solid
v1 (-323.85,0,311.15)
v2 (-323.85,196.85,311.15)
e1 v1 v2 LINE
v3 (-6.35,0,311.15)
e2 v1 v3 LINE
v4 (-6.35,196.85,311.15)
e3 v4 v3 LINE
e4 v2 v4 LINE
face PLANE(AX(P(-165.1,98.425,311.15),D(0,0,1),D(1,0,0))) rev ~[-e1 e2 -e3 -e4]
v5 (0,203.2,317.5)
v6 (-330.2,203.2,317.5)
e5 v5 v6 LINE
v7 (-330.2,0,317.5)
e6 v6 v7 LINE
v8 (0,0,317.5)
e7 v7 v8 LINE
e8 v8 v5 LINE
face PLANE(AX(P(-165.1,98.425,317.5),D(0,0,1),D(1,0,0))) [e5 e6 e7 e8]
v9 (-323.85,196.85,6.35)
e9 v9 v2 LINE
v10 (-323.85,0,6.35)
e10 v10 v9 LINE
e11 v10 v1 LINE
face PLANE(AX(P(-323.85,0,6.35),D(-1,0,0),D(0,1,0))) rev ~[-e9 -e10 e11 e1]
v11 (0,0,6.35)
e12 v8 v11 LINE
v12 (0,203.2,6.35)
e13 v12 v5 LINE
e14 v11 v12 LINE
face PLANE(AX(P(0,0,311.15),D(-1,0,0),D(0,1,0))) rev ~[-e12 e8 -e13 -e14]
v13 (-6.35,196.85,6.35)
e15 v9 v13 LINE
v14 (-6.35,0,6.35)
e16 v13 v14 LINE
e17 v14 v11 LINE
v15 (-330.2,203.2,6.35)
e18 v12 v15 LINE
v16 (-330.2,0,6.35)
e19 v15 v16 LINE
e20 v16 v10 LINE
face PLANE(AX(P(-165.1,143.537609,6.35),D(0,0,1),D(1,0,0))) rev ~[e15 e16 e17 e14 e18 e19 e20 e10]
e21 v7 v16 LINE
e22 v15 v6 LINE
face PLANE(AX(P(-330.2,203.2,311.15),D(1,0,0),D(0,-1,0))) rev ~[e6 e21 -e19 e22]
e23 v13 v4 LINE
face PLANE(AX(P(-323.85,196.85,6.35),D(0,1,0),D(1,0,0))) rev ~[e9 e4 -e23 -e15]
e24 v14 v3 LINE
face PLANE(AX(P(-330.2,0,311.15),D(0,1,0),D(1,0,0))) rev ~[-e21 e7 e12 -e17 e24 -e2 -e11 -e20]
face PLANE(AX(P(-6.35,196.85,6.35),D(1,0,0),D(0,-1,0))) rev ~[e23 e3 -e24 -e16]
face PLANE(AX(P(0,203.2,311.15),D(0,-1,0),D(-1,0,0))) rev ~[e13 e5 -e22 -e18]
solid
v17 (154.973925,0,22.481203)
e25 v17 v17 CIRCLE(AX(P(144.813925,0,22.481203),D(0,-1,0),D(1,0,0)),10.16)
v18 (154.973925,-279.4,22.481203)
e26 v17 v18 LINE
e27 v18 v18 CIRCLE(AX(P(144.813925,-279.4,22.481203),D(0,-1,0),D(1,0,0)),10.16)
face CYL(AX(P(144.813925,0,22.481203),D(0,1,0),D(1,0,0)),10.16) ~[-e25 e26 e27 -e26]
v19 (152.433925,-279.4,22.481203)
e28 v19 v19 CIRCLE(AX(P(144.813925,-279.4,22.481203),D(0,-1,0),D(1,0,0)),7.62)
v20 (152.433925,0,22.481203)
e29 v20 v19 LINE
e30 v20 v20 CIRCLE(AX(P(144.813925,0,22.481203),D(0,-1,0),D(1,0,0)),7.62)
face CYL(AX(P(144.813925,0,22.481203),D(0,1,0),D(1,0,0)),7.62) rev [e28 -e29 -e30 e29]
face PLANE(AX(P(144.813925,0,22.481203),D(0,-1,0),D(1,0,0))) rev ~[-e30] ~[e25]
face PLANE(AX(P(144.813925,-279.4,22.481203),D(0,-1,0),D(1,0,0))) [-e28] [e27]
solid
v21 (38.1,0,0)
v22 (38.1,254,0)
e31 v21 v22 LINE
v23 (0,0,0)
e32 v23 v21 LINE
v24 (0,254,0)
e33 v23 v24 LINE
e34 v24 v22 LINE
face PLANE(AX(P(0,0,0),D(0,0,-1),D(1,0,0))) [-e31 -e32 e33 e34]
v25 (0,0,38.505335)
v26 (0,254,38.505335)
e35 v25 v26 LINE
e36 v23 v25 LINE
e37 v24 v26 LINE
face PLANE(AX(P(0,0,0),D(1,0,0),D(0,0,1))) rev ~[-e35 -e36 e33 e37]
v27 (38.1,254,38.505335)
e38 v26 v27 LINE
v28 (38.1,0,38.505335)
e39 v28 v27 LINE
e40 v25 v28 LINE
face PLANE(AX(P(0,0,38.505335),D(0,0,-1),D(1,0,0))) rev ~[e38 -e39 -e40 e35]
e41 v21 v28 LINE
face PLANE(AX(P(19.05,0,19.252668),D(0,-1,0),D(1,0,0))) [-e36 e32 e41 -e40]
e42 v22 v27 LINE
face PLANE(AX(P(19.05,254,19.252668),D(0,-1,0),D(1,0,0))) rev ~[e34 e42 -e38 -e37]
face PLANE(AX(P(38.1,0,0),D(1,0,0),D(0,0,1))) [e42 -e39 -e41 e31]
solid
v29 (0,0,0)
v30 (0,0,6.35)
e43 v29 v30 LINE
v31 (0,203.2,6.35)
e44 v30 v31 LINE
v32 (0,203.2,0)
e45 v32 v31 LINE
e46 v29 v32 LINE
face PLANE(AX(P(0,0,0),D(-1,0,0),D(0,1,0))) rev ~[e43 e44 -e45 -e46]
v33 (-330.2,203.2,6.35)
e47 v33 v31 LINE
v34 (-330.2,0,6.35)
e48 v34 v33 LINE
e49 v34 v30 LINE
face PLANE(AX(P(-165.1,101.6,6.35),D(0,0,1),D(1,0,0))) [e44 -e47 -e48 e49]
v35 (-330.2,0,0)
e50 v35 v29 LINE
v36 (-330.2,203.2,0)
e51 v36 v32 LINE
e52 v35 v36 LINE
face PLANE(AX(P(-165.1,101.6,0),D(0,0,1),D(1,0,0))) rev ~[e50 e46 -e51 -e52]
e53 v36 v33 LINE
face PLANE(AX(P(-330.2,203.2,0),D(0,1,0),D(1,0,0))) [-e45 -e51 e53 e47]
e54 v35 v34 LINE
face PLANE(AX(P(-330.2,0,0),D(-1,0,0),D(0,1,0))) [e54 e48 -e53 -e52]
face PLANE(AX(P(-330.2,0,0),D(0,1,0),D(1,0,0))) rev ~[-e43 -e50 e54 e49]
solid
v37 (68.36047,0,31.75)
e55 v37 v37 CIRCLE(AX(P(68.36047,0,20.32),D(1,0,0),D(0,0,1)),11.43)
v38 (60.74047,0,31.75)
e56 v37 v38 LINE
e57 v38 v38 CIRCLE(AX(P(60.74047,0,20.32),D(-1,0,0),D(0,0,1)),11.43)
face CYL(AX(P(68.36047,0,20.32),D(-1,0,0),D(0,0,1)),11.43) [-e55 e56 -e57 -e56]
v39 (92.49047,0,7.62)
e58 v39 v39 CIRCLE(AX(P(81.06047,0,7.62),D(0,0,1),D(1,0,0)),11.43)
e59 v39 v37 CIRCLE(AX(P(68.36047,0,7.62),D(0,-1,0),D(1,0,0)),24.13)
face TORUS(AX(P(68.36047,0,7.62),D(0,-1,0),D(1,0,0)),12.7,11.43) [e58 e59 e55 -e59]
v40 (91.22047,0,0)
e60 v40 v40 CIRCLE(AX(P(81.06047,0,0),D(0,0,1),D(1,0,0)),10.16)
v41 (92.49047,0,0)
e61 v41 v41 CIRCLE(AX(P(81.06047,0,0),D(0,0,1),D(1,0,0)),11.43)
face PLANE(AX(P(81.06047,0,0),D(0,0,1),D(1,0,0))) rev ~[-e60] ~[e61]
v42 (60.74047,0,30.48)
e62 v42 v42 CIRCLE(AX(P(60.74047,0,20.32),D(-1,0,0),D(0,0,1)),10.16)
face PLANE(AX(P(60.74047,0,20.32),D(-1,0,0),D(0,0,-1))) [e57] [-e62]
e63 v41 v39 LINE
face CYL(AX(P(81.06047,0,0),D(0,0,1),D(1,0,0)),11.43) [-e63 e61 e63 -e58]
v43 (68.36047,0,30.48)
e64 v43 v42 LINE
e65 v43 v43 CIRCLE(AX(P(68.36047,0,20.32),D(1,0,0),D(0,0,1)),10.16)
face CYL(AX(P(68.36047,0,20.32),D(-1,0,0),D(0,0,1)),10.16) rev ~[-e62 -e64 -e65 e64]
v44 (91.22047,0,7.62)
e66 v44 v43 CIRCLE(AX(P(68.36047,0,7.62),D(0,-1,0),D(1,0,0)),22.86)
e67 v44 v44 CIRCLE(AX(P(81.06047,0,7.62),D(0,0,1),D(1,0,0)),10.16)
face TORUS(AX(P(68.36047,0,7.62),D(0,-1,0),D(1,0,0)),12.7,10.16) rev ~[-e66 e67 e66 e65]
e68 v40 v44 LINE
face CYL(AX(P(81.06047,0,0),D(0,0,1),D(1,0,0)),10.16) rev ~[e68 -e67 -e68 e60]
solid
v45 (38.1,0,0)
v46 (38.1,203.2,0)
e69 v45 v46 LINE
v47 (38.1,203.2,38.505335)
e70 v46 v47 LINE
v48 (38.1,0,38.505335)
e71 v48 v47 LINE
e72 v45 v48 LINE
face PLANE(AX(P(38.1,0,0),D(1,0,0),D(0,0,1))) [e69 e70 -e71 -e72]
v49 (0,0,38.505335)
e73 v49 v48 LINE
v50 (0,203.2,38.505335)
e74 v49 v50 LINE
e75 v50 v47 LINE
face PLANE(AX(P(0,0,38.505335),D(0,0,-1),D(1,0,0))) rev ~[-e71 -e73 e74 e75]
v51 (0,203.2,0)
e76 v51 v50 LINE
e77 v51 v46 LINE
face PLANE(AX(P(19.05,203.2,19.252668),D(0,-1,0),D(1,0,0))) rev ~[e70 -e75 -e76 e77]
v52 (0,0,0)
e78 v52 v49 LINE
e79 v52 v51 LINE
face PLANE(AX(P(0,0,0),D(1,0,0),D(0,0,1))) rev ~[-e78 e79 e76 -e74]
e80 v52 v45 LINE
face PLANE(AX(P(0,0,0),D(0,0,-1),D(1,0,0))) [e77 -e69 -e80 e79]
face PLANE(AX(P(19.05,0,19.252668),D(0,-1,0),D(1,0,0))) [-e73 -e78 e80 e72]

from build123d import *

# Parameters (mm, degrees)
F0_W      = 38.1
F0_H      = 38.5053354341
F1_DEPTH  = 254
F2_DEPTH  = 203.2
F3_W      = 330.2
F3_H      = 203.2
F4_DEPTH  = 6.35
F5_R      = 10.16
F5_R_2    = 7.62
F6_DEPTH  = 279.4
F8_R      = 11.43
F8_R_2    = 10.16
F11_DEPTH = 304.8
F12_W     = 317.5
F12_H     = 196.85
F13_DEPTH = 6.35


with BuildPart() as f1:
    # F0 (on Front) → F1 (new body)
    with BuildSketch(Plane.XZ):
        with Locations((19.05, 19.2526677171)):
            Rectangle(F0_W, F0_H)
    extrude(amount=-F1_DEPTH)


with BuildPart() as f2:
    # F0 (on Front) → F2 (new body)
    with BuildSketch(Plane.XZ):
        with Locations((19.05, 19.2526677171)):
            Rectangle(F0_W, F0_H)
    extrude(amount=-F2_DEPTH)


with BuildPart() as f4:
    # F3 (on Top) → F4 (new body)
    with BuildSketch(Plane.XY):
        with Locations((-165.1, 101.6)):
            Rectangle(F3_W, F3_H)
    extrude(amount=F4_DEPTH)


with BuildPart() as f6:
    # F5 (on Front) → F6 (new body)
    with BuildSketch(Plane.XZ):
        with Locations((144.8139250278, 22.4812030792)):
            Circle(F5_R)
        with Locations((144.8139250278, 22.4812030792)):
            Circle(F5_R_2, mode=Mode.SUBTRACT)
    extrude(amount=F6_DEPTH)


with BuildPart() as f9:
    # F9: sweep along a path in F7
    with BuildLine(Plane.XZ) as f9_path:
        Line((81.0604697181, 0), (81.0604697181, 7.62))
        ThreePointArc((81.0604697181, 7.62), (77.3407258392, 16.6002561211), (68.3604697181, 20.32))
        Line((68.3604697181, 20.32), (60.7404697181, 20.32))
    # F8 (on Top) → F9 (sweep)
    with BuildSketch(Plane.XY):
        with Locations((81.0604697181, 0)):
            Circle(F8_R)
        with Locations((81.0604697181, 0)):
            Circle(F8_R_2, mode=Mode.SUBTRACT)
    sweep(path=f9_path.line)


with BuildPart() as f11:
    # F10 (on face) → F11 (new body)
    with BuildSketch(Plane.XY.offset(6.35)):
        Polygon((-330.2, 203.2), (-330.2, 0), (-323.85, 0), (-323.85, 196.85), (-6.35, 196.85), (-6.35, 0), (0, 0), (0, 203.2), align=None)
    extrude(amount=F11_DEPTH)

    # F12 (on face) → F13 (join)
    with BuildSketch(Plane.XY.offset(311.15)):
        with Locations((-165.1, 98.425)):
            Rectangle(F12_W, F12_H)
        Polygon((-330.2, 203.2), (-330.2, 0), (-323.85, 0), (-323.85, 196.85), (-6.35, 196.85), (-6.35, 0), (0, 0), (0, 203.2), align=None)
    extrude(amount=F13_DEPTH)


solid = Compound([f1.part, f2.part, f4.part, f6.part, f9.part, f11.part])
